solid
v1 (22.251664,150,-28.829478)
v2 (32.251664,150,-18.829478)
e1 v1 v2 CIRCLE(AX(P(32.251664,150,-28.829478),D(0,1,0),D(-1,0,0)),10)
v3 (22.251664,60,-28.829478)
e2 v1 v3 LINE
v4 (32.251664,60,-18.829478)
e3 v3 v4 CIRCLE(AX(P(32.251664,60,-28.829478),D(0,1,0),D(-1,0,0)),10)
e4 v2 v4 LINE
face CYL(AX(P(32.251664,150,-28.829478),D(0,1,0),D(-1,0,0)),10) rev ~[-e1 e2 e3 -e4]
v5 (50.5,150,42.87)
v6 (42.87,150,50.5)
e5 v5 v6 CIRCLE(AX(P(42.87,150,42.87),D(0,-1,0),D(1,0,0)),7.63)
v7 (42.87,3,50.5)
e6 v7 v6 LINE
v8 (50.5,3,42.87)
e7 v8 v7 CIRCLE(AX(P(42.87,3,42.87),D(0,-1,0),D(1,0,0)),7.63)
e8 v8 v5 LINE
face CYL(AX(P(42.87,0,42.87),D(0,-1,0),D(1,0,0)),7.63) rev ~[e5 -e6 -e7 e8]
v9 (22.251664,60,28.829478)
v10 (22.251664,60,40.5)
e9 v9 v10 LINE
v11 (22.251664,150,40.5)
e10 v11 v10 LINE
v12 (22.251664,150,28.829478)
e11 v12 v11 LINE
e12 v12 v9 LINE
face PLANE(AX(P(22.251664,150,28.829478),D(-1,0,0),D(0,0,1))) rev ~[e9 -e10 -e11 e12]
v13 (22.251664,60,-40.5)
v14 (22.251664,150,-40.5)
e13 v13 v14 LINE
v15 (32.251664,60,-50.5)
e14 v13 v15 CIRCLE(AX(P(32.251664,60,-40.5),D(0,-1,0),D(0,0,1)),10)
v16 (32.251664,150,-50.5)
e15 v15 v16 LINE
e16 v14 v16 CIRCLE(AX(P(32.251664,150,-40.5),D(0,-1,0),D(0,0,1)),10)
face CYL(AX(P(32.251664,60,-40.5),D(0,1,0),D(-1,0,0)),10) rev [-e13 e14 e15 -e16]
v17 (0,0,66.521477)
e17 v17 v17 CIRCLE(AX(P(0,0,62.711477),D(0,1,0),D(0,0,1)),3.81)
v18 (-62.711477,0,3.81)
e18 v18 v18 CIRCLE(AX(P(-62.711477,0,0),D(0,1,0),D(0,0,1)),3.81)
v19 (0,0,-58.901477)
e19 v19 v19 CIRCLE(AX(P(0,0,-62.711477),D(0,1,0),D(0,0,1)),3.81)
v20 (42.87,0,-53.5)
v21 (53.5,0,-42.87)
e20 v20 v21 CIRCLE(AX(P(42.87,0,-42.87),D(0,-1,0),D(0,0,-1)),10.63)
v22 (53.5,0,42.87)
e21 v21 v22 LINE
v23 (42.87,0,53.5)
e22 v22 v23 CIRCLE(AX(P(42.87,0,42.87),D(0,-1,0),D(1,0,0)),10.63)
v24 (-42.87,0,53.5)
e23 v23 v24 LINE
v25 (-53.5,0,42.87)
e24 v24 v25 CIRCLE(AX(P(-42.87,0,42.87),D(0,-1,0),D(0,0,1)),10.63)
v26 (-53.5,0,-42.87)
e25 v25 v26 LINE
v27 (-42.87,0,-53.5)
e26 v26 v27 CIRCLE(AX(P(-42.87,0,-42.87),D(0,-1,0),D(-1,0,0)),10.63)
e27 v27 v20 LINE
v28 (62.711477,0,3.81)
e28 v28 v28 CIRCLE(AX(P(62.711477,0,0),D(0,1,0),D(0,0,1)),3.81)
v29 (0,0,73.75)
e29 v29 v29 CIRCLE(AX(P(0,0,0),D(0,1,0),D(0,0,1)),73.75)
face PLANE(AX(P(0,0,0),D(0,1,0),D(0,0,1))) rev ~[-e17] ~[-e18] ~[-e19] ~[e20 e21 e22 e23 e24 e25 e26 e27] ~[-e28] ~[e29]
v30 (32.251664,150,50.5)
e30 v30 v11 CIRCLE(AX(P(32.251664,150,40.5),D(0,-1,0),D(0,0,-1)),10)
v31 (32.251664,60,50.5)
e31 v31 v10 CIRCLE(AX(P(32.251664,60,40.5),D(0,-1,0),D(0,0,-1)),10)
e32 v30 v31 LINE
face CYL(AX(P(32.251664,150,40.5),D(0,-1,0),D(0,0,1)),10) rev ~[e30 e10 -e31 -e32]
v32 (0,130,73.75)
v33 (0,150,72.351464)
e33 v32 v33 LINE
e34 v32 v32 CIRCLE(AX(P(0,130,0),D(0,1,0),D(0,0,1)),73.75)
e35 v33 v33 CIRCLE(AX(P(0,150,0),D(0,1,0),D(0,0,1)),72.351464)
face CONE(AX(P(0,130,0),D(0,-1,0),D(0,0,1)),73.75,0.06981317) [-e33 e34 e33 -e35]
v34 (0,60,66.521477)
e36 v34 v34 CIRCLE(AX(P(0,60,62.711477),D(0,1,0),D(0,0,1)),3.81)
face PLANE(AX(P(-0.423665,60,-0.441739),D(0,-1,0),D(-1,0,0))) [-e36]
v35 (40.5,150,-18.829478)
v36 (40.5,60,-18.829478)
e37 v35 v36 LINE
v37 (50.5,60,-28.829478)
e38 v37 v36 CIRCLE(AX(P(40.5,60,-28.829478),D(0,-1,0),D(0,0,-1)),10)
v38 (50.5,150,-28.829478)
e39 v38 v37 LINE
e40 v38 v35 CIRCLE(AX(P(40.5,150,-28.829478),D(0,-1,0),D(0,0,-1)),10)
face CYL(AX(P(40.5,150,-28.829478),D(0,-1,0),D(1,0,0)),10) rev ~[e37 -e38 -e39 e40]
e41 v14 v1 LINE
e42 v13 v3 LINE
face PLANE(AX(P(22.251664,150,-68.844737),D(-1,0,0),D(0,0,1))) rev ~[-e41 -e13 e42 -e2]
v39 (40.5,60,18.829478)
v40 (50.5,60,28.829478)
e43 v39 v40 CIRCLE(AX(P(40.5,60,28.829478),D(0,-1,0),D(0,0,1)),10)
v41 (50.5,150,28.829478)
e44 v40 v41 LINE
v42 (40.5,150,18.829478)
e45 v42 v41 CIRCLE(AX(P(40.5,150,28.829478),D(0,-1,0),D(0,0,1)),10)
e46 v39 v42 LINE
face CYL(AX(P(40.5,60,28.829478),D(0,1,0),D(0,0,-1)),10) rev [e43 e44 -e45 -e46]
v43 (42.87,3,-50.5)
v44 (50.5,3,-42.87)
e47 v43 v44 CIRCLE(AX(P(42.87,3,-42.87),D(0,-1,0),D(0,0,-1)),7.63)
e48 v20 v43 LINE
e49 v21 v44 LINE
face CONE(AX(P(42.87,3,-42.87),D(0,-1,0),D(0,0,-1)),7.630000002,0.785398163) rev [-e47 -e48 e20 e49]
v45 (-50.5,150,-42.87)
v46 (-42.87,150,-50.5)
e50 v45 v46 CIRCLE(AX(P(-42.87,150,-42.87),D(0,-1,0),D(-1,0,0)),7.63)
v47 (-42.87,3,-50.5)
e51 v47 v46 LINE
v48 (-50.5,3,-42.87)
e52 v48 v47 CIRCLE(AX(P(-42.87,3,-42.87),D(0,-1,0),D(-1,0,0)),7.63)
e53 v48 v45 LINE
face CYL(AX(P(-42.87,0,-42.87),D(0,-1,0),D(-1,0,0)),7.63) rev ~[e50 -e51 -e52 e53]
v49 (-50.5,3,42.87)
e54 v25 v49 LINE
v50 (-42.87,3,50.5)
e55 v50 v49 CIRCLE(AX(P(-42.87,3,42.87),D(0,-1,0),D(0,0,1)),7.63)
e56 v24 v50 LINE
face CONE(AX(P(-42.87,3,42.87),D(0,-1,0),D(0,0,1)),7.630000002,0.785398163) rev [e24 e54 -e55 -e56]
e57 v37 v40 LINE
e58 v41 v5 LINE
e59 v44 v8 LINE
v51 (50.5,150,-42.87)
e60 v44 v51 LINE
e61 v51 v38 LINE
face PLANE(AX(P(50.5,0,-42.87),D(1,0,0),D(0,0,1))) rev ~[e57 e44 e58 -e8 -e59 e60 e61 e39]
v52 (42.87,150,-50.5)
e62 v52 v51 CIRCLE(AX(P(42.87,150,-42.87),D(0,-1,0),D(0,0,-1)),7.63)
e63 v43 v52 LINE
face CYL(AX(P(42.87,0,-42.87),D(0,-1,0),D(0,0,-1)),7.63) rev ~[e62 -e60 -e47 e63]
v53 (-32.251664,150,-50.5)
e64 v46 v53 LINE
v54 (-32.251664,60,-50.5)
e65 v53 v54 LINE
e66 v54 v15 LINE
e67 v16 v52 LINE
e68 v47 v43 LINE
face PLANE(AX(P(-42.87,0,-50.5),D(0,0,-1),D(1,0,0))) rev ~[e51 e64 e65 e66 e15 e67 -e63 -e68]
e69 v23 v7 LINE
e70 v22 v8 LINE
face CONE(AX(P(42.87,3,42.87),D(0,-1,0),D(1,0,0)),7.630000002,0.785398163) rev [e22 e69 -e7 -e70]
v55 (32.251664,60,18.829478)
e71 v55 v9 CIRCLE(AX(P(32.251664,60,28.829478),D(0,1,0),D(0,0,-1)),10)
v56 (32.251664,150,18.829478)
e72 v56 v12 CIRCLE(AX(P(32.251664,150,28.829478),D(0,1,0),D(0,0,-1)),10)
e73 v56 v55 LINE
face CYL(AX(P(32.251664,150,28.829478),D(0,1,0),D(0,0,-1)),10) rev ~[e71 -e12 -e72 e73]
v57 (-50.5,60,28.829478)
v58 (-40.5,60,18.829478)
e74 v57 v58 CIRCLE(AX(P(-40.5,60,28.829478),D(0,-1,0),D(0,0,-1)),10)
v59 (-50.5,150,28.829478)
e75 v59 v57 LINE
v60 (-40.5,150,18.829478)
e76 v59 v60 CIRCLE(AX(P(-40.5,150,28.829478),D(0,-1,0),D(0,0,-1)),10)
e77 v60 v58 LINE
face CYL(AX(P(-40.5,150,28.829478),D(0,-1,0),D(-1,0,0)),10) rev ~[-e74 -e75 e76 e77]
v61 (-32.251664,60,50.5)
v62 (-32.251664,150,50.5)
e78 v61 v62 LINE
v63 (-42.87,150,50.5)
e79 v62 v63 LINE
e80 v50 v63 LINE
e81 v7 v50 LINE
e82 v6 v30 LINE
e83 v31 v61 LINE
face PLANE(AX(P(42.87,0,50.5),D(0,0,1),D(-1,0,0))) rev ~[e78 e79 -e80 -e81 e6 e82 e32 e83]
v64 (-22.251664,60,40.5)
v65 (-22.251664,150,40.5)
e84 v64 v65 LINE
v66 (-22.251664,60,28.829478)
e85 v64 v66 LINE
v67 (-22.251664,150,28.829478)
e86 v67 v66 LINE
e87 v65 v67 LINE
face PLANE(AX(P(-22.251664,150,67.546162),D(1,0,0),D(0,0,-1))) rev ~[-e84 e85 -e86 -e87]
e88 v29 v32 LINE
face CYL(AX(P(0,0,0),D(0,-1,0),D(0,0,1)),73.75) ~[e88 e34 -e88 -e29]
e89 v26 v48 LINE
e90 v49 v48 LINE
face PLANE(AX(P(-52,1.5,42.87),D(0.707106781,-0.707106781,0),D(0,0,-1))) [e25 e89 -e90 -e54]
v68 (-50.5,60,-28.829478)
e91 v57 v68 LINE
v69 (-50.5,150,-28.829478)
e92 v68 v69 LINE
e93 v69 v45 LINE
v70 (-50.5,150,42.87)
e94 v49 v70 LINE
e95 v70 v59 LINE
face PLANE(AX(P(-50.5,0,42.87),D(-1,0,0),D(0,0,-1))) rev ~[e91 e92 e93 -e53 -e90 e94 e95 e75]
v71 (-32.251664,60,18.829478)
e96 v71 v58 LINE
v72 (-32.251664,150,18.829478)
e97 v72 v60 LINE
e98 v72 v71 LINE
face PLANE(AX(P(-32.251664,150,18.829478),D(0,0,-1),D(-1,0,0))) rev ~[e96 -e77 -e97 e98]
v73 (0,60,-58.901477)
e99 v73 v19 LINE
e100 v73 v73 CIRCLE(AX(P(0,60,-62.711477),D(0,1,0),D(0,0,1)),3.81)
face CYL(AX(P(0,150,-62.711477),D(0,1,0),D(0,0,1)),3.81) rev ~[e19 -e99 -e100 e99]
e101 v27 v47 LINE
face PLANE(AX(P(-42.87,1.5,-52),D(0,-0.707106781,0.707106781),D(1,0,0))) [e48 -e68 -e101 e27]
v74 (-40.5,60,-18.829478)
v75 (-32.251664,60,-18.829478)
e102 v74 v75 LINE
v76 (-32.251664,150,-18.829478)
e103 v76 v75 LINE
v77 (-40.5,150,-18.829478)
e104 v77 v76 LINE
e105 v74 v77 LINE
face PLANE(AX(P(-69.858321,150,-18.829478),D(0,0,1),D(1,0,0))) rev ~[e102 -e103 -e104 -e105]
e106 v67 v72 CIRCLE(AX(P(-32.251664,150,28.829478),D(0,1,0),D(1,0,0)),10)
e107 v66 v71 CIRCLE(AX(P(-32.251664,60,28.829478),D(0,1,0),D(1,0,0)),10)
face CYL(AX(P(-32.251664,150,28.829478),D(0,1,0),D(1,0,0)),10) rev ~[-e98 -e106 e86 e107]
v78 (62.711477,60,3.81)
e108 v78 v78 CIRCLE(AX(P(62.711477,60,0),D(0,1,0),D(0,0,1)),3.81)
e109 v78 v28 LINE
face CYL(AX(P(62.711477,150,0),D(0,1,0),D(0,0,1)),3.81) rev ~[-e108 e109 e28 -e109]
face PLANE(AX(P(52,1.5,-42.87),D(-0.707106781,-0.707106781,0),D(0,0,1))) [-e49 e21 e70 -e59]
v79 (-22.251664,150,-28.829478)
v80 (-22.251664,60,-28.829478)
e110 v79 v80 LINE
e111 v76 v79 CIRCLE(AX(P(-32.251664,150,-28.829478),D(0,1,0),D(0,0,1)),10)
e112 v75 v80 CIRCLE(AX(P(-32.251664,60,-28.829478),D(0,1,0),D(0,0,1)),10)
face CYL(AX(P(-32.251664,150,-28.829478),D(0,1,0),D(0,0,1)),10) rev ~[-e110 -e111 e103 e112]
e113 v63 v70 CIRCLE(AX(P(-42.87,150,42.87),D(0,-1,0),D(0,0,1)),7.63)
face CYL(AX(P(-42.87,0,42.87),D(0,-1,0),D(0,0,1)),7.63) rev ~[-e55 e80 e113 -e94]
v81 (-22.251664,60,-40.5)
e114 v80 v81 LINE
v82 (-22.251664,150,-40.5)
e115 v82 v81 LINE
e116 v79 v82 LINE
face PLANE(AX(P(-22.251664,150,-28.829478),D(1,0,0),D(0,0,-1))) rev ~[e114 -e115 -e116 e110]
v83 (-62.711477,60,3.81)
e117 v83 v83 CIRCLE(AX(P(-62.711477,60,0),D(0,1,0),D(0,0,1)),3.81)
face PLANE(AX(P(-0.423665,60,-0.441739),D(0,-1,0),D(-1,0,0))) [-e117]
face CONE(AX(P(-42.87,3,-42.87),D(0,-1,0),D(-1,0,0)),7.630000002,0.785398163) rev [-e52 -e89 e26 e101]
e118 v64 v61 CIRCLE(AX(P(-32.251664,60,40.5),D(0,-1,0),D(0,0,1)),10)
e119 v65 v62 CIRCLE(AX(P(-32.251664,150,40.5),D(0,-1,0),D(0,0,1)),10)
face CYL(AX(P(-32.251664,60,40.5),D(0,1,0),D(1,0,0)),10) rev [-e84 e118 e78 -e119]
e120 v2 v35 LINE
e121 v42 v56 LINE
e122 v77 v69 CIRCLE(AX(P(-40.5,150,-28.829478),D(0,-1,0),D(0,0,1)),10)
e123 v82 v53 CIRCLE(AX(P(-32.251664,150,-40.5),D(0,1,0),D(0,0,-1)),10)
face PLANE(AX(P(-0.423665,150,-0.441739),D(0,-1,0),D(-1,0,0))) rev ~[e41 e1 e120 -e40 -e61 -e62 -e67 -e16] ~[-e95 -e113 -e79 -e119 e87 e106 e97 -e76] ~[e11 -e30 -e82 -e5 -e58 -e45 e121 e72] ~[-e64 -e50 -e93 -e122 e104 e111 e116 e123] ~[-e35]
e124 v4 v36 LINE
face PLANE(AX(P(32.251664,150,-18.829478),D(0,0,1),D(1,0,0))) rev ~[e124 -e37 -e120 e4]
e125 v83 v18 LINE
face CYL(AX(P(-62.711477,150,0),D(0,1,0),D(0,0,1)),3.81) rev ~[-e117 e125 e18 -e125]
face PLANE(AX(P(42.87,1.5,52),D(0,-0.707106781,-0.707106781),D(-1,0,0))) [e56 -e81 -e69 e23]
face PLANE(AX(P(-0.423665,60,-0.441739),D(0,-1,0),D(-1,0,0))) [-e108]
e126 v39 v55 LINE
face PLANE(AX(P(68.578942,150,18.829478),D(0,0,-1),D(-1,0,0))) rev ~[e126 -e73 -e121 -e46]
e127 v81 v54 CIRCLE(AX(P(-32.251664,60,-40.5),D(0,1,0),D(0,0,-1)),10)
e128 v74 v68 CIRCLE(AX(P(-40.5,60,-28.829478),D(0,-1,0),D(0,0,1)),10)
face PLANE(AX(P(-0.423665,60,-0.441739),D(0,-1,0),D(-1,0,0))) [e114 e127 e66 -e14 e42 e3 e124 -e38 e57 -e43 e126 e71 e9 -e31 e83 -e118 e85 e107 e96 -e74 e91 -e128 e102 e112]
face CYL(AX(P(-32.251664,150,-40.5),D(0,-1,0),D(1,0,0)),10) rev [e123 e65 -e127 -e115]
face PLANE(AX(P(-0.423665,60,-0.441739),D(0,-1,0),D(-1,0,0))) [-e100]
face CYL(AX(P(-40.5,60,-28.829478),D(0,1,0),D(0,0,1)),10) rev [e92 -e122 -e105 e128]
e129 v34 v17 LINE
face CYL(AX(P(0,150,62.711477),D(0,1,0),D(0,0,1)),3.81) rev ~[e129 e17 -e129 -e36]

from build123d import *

# Parameters (mm, degrees)
SKETCH2_R           = 73.75
MAINDOUGHNUT_DEPTH  = 150
SKETCH3_R           = 3.81
CUT_EXTRUDE1_DEPTH  = 183.696811685
NOSECONETAPER_SIZE  = 20
NOSECONETAPER_SIZE2 = 1.398536239
PAYLOADSTOPS_DEPTH  = 90
FILLET1_R           = 10
FILLET2_R           = 10
FILLET3_R           = 10
CHAMFER1_SIZE       = 3


with BuildPart() as part:
    # Sketch2 → MainDoughnut (new body)
    with BuildSketch(Plane(origin=(0, 0, 0), x_dir=(1, 0, 0), z_dir=(0, 1, 0))):
        with Locations(Location((0, 0, 0), (0, 0, 270))):
            Circle(SKETCH2_R)
        with BuildLine():
            Line((42.87, -50.5), (-42.87, -50.5))
            ThreePointArc((-42.87, -50.5), (-48.26522474, -48.26522474), (-50.5, -42.87))
            Line((-50.5, -42.87), (-50.5, 42.87))
            ThreePointArc((-50.5, 42.87), (-48.26522474, 48.26522474), (-42.87, 50.5))
            Line((-42.87, 50.5), (42.87, 50.5))
            ThreePointArc((42.87, 50.5), (48.26522474, 48.26522474), (50.5, 42.87))
            Line((50.5, 42.87), (50.5, -42.87))
            ThreePointArc((50.5, -42.87), (48.26522474, -48.26522474), (42.87, -50.5))
        make_face(mode=Mode.SUBTRACT)
    extrude(amount=MAINDOUGHNUT_DEPTH)

    # Sketch3 → Cut-Extrude1 (cut, through all)
    with BuildSketch(Plane(origin=(0, 150, 0), x_dir=(1, 0, 0), z_dir=(0, 1, 0))):
        with Locations(Location((-62.711477498, 0, 0), (0, 0, 270))):
            Circle(SKETCH3_R)
        with Locations(Location((0, 62.711477498, 0), (0, 0, 270))):
            Circle(SKETCH3_R)
        with Locations(Location((62.711477498, 0, 0), (0, 0, 270))):
            Circle(SKETCH3_R)
        with Locations(Location((0, -62.711477498, 0), (0, 0, 270))):
            Circle(SKETCH3_R)
    extrude(amount=-CUT_EXTRUDE1_DEPTH, mode=Mode.SUBTRACT)

    # NoseconeTaper
    noseconetaper_edges = [part.edges().sort_by_distance(p)[0] for p in [
        (0, 150, -73.75),
    ]]
    noseconetaper_side = [part.faces().sort_by_distance(p)[0] for p in [
        (0, 75, -73.75),
    ]]
    chamfer(noseconetaper_edges, length=NOSECONETAPER_SIZE, length2=NOSECONETAPER_SIZE2, reference=noseconetaper_side[0])

    # Sketch5 → PayloadStops (add)
    with BuildSketch(Plane(origin=(0, 150, 0), x_dir=(1, 0, 0), z_dir=(0, 1, 0))):
        with BuildLine():
            Line((-22.25166399, 28.829478379), (-22.25166399, 68.844736604))
            Line((-22.25166399, 68.844736604), (22.25166399, 68.844736604))
            Line((22.25166399, 68.844736604), (22.25166399, 28.829478379))
            ThreePointArc((22.25166399, 28.829478379), (25.180596178, 21.758410568), (32.25166399, 18.829478379))
            Line((32.25166399, 18.829478379), (68.578942308, 18.829478379))
            Line((68.578942308, 18.829478379), (68.578942308, -18.829478379))
            Line((68.578942308, -18.829478379), (32.25166399, -18.829478379))
            ThreePointArc((32.25166399, -18.829478379), (25.180596178, -21.758410568), (22.25166399, -28.829478379))
            Line((22.25166399, -28.829478379), (22.25166399, -67.546162244))
            Line((22.25166399, -67.546162244), (-22.25166399, -67.546162244))
            Line((-22.25166399, -67.546162244), (-22.25166399, -28.829478379))
            ThreePointArc((-22.25166399, -28.829478379), (-25.180596178, -21.758410568), (-32.25166399, -18.829478379))
            Line((-32.25166399, -18.829478379), (-69.858321282, -18.829478379))
            Line((-69.858321282, -18.829478379), (-69.858321282, 18.829478379))
            Line((-69.858321282, 18.829478379), (-32.25166399, 18.829478379))
            ThreePointArc((-32.25166399, 18.829478379), (-25.180596178, 21.758410568), (-22.25166399, 28.829478379))
        make_face()
    extrude(amount=-PAYLOADSTOPS_DEPTH)

    # Fillet1
    fillet1_edges = [part.edges().sort_by_distance(p)[0] for p in [
        (-22.25166399, 105, -50.5),
    ]]
    fillet(fillet1_edges, radius=FILLET1_R)

    # Fillet2
    fillet2_edges = [part.edges().sort_by_distance(p)[0] for p in [
        (-50.5, 105, -18.829478379),
    ]]
    fillet(fillet2_edges, radius=FILLET2_R)

    # Fillet3
    fillet3_edges = [part.edges().sort_by_distance(p)[0] for p in [
        (50.5, 105, 18.829478379),
        (50.5, 105, -18.829478379),
        (-22.25166399, 105, 50.5),
        (22.25166399, 105, 50.5),
        (22.25166399, 105, -50.5),
        (-50.5, 105, 18.829478379),
    ]]
    fillet(fillet3_edges, radius=FILLET3_R)

    # Chamfer1
    chamfer1_edges = [part.edges().sort_by_distance(p)[0] for p in [
        (-48.26522474, 0, -48.26522474),
        (-50.5, 0, 0),
        (-48.26522474, 0, 48.26522474),
        (0, 0, 50.5),
        (48.26522474, 0, 48.26522474),
        (50.5, 0, 0),
        (48.26522474, 0, -48.26522474),
        (0, 0, -50.5),
    ]]
    chamfer(chamfer1_edges, length=CHAMFER1_SIZE)


solid = part.part
